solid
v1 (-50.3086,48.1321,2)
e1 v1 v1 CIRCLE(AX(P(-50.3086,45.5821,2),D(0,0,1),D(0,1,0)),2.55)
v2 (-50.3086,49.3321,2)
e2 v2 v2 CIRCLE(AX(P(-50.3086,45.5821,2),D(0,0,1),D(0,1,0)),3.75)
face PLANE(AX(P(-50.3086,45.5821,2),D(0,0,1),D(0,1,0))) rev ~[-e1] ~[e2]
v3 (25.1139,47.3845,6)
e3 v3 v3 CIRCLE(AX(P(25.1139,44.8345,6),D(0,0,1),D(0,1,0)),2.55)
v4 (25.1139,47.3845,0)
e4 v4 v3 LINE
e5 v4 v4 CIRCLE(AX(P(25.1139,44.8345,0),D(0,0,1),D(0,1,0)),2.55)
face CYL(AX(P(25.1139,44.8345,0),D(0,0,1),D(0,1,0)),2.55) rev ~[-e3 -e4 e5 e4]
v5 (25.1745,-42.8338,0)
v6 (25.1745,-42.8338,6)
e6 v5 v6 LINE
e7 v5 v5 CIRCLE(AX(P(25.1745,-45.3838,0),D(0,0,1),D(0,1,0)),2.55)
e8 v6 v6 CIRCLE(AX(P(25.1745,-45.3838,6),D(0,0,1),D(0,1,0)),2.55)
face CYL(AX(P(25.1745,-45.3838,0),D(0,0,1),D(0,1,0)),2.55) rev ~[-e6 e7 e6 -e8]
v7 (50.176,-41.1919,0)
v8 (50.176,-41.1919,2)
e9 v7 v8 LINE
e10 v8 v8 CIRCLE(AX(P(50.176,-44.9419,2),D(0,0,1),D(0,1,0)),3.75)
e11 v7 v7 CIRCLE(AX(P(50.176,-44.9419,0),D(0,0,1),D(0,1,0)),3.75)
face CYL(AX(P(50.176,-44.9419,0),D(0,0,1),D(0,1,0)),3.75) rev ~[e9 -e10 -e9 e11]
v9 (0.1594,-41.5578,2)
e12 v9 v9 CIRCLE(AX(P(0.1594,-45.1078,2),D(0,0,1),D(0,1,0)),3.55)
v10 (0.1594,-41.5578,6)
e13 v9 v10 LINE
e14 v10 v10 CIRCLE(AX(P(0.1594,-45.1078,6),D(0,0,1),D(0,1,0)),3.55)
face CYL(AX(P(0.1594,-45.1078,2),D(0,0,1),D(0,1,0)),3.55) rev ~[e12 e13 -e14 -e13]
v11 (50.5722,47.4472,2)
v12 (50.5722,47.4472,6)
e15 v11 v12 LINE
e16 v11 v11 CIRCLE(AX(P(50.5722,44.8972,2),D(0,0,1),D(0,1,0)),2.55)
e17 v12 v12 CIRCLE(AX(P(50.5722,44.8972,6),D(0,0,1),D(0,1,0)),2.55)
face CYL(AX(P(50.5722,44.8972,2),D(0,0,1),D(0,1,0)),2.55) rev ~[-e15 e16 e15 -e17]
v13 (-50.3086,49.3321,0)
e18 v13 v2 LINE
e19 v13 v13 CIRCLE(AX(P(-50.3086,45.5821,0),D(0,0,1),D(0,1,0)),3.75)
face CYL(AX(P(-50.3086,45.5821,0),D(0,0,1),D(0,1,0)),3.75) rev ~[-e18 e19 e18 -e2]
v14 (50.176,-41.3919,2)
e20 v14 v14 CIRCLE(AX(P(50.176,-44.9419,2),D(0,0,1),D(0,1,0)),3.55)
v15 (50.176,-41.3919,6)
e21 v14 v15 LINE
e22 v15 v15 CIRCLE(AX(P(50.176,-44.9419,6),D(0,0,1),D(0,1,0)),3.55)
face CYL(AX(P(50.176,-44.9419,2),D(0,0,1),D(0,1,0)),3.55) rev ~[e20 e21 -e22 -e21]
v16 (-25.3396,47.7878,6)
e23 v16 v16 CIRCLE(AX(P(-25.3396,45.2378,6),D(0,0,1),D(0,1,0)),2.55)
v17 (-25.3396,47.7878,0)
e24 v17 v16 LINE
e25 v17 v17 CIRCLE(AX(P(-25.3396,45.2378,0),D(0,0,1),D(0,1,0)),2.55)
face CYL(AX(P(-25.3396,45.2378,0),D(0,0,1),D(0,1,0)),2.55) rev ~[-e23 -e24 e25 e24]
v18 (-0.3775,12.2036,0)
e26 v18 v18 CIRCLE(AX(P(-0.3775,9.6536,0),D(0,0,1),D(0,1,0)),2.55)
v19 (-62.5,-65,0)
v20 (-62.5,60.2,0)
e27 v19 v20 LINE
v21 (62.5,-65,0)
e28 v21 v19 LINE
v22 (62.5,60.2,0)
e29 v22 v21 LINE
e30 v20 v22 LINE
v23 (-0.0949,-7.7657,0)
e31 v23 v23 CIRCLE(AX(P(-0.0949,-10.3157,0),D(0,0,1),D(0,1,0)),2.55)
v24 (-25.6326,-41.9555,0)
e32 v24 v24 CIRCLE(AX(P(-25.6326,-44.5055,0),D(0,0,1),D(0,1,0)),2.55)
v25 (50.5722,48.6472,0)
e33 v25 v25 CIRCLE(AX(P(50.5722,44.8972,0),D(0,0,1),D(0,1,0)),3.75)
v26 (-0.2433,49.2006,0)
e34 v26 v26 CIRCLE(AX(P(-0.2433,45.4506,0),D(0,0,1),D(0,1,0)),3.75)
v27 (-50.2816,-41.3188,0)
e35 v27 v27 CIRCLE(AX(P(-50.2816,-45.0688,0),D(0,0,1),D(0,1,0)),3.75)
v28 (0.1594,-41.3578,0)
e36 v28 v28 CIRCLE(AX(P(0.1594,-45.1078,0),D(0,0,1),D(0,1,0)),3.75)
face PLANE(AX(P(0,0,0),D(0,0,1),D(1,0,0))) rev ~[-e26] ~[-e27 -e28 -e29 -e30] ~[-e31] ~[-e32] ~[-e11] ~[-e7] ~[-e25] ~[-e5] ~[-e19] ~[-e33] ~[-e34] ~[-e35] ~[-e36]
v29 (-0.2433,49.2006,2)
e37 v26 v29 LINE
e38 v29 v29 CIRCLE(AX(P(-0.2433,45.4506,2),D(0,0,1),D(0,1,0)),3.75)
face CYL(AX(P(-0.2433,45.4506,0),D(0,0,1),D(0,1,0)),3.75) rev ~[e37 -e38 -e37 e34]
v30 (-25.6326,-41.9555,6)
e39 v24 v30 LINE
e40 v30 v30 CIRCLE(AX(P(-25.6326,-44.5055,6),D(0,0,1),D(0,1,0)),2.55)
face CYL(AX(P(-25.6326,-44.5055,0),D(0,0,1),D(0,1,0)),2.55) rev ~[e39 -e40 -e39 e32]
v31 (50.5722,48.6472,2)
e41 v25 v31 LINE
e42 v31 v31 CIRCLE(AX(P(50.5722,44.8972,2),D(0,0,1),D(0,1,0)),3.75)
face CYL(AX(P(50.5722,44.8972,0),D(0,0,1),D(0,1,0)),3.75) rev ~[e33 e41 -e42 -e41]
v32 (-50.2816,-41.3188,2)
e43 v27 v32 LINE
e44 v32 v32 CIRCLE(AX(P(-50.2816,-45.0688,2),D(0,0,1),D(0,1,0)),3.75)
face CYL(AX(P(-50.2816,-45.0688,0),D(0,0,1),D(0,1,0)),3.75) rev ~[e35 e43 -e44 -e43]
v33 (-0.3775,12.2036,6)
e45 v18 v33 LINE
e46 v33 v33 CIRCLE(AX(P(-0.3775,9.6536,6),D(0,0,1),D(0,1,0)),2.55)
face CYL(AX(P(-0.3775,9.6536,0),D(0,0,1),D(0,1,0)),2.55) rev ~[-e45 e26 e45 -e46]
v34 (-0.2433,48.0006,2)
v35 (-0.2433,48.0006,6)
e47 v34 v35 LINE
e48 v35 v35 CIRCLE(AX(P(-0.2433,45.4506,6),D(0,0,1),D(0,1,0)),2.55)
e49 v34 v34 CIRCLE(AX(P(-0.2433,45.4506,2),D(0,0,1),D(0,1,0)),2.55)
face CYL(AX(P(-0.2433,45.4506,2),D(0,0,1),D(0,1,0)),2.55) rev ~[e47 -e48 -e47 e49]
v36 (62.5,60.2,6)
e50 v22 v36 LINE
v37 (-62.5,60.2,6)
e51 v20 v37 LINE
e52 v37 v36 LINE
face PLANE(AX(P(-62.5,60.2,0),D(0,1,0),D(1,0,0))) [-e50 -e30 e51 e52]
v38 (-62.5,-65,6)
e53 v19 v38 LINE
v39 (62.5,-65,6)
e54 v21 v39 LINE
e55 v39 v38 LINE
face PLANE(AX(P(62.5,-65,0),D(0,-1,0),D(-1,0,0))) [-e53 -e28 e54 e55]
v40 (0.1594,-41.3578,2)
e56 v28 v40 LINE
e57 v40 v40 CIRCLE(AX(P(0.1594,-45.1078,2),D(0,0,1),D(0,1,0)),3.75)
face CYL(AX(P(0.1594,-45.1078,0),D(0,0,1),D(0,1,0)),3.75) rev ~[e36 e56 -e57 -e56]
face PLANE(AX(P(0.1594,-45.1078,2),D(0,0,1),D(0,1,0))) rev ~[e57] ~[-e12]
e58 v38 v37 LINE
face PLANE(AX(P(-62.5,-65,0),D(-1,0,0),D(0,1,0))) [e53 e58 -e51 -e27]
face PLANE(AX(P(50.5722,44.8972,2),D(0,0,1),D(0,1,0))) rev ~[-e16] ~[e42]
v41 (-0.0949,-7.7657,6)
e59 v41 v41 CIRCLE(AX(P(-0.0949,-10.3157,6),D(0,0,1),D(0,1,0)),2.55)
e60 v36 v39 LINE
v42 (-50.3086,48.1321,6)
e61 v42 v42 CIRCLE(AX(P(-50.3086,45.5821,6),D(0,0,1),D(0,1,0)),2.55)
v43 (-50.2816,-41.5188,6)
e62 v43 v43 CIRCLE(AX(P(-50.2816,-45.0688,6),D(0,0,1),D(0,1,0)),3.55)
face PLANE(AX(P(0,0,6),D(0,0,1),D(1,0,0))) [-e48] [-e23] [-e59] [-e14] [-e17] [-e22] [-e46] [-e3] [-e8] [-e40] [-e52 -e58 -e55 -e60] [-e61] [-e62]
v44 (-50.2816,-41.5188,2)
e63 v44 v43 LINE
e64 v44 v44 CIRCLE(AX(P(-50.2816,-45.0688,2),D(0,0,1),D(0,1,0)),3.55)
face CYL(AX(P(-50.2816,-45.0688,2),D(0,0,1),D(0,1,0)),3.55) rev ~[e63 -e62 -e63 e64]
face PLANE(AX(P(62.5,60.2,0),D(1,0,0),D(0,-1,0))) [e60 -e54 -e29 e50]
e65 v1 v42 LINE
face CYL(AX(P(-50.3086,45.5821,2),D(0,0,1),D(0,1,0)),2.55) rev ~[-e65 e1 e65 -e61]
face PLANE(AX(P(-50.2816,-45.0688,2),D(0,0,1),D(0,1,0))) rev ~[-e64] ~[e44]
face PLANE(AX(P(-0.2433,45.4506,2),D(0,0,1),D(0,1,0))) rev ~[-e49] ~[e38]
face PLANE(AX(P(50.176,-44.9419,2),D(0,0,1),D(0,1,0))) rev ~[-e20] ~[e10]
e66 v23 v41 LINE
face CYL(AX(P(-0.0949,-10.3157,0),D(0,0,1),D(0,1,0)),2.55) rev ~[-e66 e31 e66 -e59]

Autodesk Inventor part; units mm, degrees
ref_plane "YZ Plane" through (0, 0, 0) normal (1, 0, 0) x (0, 1, 0)
ref_plane "XZ Plane" through (0, 0, 0) normal (0, 1, 0) x (-1, 0, 0)
ref_plane "XY Plane" through (0, 0, 0) normal (0, 0, 1) x (1, 0, 0)
ref_plane "Work Plane1" through (0, 0, 0) normal (0, 0, 1) x (1, 0, 0)
sketch "Sketch1" plane through (0, 0, 0) normal (0, 0, 1) x (1, 0, 0)
  line L0 (-62.5, -65) -> (-62.5, 60.2) projected
  line L1 (62.5, -65) -> (-62.5, -65) projected
  line L2 (-62.5, 60.2) -> (62.5, 60.2) projected
  line L3 (62.5, 60.2) -> (62.5, -65) projected
  circle A0 centre (50.2, 45) radius 2.55 projected
  circle A1 centre (50.2, -45) radius 3.55 projected
  circle A2 centre (-50.2, -45) radius 2.55 projected
  circle A3 centre (-50.2, 45) radius 2.55 projected
  line L4 (-50.2, -87.1872) -> (-50.2, 86.9163) construction
  line L5 (0, -90.5792) -> (0, 86.9163) construction
  line L6 (50.2, -82.9351) -> (50.2, 98.888) construction
  line L7 (-25.1, -100.0293) -> (-25.1, 98.888) construction
  line L8 (25.1, -87.1872) -> (25.1, 98.888) construction
  line L9 (-84.1215, -10) -> (86.0151, -10) construction
  line L10 (-84.1215, 10) -> (86.0151, 10) construction
  point P0 (0, 0)
  point P1 (0, 45)
  point P2 (0, -45)
  point P3 (-25.1, -45)
  point P4 (25.1, -45)
  point P5 (25.1, 45)
  point P6 (-25.1, 45)
  point P7 (0, 0)
  point P8 (0, -10)
  point P9 (0, 10)
  dimension "d0" = 100.4
  dimension "d1" = 50.2
  dimension "d2" = 25.1
  dimension "d3" = 25.1
  dimension "d4" = 10
  dimension "d5" = 20
extrude "Extrusion1" add sketch "Sketch1" along normal blind 6 contours L0 L2 L3 L1 | A0 | A1 | A2 | A3
sketch "Sketch2" plane through (0, 0, 0) normal (0, 0, -1) x (-1, 0, 0)
  point P0 (0, 0)
  point P1 (-50.176, -44.9419)
  point P2 (-0.1594, -45.1078)
  point P3 (50.2816, -45.0688)
hole "Hole1" at (50.176, -44.9419, 0) at (0.1594, -45.1078, 0) at (-50.2816, -45.0688, 0) direction (0, 0, 1) diameter 7.1 end through all counterbore diameter 7.5 counterbore depth 2
sketch "Sketch3" plane through (0, 0, 0) normal (0, 0, -1) x (-1, 0, 0)
  point P0 (0, 0)
  point P1 (50.3086, 45.5821)
  point P2 (0.2433, 45.4506)
  point P3 (-50.5722, 44.8972)
hole "Hole2" at (-50.3086, 45.5821, 0) at (-0.2433, 45.4506, 0) at (50.5722, 44.8972, 0) direction (0, 0, 1) diameter 5.1 end through all counterbore diameter 7.5 counterbore depth 2
sketch "Sketch4" plane through (0, 0, 0) normal (0, 0, -1) x (-1, 0, 0)
  point P0 (0, 0)
  point P1 (25.3396, 45.2378)
  point P2 (-25.1139, 44.8345)
  point P3 (-25.1745, -45.3838)
  point P4 (25.6326, -44.5055)
  point P5 (0.0949, -10.3157)
  point P6 (0.3775, 9.6536)
hole "Hole3" at (25.1139, 44.8345, 0) at (-25.3396, 45.2378, 0) at (25.1745, -45.3838, 0) at (-25.6326, -44.5055, 0) at (-0.0949, -10.3157, 0) at (-0.3775, 9.6536, 0) direction (0, 0, 1) diameter 5.1 end through all
sketch "Sketch5" plane through (0, 0, 6) normal (0, 0, 1) x (1, 0, 0)
  line L0 (54.8683, -25.7428) -> (1.0212, -25.7428) construction
  line L1 (1.0212, -25.7428) -> (1.0212, -17.8731) construction
  line L2 (1.0212, -17.8731) -> (54.8683, -17.8731) construction
  line L3 (54.8683, -17.8731) -> (54.8683, -25.7428) construction
  point P0 (0, 0)
equation "\"d1\" = 0.5 * d0"
equation "\"d2\" = 0.5 * d1"
equation "\"d3\" = d2"
properties part number "X axis carriage small 2"
